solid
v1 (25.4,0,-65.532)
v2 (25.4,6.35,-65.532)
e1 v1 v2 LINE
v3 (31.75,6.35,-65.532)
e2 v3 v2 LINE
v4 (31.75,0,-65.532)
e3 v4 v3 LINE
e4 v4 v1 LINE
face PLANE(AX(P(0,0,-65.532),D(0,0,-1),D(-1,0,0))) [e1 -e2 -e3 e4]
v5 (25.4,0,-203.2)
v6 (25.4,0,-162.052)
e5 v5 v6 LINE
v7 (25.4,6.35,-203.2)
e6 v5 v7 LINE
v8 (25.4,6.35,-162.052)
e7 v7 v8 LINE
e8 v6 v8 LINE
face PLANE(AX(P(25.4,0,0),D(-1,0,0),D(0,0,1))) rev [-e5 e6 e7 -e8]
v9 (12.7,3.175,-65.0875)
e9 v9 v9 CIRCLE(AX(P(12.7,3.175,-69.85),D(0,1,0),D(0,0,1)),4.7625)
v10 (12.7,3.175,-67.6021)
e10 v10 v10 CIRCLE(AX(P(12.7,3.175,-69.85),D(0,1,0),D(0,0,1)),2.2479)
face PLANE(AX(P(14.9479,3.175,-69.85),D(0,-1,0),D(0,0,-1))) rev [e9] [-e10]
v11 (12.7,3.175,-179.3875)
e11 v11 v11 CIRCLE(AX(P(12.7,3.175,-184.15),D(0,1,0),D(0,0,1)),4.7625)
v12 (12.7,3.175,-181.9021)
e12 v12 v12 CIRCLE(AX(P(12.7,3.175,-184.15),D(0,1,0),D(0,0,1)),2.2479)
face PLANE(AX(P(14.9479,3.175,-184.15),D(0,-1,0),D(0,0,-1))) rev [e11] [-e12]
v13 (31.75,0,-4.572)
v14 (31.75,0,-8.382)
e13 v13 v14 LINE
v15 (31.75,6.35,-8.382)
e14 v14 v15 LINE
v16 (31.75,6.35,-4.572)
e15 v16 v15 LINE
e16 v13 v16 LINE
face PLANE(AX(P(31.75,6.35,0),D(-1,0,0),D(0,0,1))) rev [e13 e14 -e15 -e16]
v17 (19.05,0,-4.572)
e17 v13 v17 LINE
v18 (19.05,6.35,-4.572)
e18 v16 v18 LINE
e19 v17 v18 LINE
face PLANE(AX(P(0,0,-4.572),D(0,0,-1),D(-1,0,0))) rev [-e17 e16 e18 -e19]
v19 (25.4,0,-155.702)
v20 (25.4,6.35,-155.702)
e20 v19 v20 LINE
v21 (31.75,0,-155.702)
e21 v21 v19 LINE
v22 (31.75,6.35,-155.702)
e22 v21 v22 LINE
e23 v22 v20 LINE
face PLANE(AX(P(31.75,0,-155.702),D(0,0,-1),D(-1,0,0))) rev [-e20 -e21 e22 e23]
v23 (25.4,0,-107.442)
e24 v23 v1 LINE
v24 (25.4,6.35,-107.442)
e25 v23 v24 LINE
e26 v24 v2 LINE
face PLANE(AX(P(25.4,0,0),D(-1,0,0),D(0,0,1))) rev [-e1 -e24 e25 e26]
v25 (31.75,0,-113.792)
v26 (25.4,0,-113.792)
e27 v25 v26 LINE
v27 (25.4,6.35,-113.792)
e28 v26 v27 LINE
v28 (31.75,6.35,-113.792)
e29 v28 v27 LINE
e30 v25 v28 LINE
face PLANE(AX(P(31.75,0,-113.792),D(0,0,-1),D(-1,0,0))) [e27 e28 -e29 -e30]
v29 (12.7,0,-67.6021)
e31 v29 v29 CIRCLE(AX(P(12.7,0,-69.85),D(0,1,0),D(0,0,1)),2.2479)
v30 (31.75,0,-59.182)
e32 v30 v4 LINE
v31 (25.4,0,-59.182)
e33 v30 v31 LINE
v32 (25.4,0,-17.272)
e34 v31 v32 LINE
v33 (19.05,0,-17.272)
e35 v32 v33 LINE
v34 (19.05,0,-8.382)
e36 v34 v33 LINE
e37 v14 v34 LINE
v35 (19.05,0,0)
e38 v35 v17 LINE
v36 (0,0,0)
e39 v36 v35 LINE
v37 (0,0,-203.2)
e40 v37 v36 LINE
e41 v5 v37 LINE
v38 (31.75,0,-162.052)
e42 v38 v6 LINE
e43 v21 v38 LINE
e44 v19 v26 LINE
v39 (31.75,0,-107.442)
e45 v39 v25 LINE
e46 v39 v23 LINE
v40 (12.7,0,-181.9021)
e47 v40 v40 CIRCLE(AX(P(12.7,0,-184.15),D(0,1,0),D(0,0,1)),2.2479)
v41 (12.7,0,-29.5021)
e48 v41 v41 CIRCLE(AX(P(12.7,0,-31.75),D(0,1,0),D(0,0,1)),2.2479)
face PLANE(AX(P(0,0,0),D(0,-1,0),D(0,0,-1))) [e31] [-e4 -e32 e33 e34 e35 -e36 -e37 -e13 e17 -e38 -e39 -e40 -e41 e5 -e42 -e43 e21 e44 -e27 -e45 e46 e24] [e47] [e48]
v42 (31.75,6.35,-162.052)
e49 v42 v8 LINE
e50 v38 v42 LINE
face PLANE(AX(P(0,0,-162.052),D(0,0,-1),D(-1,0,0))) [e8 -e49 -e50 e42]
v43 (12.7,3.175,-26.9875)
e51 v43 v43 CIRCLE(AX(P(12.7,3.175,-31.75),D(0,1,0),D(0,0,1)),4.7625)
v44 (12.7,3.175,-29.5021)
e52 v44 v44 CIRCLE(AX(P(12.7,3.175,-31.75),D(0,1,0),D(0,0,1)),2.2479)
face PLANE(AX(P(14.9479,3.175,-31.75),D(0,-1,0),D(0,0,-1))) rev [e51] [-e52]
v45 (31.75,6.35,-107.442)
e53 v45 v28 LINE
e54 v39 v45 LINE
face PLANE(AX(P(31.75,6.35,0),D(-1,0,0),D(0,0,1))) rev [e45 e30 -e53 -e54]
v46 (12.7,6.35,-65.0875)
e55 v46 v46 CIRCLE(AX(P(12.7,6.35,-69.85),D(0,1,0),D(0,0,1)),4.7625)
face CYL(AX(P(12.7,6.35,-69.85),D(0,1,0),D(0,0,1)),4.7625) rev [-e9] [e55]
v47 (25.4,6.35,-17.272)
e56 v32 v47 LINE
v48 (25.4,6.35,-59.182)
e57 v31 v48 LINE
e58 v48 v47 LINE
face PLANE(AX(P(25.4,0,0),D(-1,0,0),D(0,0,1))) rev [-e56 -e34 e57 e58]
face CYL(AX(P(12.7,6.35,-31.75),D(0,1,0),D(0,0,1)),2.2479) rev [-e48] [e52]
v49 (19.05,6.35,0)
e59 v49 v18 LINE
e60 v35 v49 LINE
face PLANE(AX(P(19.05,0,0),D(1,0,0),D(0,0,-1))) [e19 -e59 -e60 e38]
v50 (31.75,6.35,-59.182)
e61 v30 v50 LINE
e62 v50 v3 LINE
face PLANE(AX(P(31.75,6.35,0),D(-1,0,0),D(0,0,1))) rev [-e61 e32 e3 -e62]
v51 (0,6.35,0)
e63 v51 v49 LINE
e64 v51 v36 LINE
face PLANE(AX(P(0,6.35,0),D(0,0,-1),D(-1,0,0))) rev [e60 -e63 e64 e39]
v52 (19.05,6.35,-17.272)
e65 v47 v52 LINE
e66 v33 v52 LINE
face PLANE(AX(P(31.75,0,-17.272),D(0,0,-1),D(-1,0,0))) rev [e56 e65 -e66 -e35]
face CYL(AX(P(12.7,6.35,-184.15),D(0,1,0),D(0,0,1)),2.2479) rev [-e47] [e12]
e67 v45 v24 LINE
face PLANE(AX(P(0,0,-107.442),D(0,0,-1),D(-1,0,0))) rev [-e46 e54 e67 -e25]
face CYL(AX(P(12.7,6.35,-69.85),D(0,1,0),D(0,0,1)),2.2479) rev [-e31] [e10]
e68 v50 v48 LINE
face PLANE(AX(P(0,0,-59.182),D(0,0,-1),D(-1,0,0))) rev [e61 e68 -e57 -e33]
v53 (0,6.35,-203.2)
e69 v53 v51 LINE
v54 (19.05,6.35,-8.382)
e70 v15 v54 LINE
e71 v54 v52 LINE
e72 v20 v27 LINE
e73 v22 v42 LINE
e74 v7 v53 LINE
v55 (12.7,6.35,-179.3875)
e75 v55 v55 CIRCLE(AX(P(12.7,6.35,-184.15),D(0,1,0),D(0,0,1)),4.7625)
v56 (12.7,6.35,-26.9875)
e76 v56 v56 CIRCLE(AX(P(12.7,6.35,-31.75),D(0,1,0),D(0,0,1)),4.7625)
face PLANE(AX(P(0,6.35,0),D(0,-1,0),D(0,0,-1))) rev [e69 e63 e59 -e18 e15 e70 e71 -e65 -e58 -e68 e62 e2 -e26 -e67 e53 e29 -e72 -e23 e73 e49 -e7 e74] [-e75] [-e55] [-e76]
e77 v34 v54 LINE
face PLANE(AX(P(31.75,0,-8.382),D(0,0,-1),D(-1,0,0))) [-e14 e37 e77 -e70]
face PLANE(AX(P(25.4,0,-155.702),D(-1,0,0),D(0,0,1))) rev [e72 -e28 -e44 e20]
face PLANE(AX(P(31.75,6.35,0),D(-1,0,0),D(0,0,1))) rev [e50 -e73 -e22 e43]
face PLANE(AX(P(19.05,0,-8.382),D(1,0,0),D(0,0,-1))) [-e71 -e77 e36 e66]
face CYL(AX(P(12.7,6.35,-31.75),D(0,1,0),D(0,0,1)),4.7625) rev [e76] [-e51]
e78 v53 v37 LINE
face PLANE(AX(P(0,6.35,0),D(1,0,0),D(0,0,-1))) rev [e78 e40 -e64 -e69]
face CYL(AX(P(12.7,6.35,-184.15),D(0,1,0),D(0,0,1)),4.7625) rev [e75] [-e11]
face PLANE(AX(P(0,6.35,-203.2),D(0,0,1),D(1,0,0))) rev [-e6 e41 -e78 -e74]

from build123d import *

# Parameters (mm, degrees)
SKETCH1_W                                           = 31.75
SKETCH1_H                                           = 203.2
BOSS_EXTRUDE1_DEPTH                                 = 6.35
SKETCH2_W                                           = 6.35
SKETCH2_H                                           = 41.148
SKETCH2_H_2                                         = 41.91
SKETCH2_W_2                                         = 12.7
SKETCH2_H_3                                         = 4.572
CUT_EXTRUDE1_DEPTH                                  = 7.35
CBORE_FOR_8_BINDING_HEAD_MACHINE_SCREW1_D           = 4.4958
CBORE_FOR_8_BINDING_HEAD_MACHINE_SCREW1_CBORE_D     = 9.525
CBORE_FOR_8_BINDING_HEAD_MACHINE_SCREW1_CBORE_DEPTH = 3.175


with BuildPart() as part:
    # Sketch1 → Boss-Extrude1 (new body)
    with BuildSketch(Plane(origin=(0, 0, 0), x_dir=(1, 0, 0), z_dir=(0, 1, 0))):
        with Locations((15.875, 101.6)):
            Rectangle(SKETCH1_W, SKETCH1_H)
    extrude(amount=BOSS_EXTRUDE1_DEPTH)

    # Sketch2 → Cut-Extrude1 (cut, through all)
    with BuildSketch(Plane(origin=(0, 6.35, 0), x_dir=(1, 0, 0), z_dir=(0, 1, 0))):
        with Locations((28.575, 182.626)):
            Rectangle(SKETCH2_W, SKETCH2_H)
        with Locations((28.575, 134.747)):
            Rectangle(SKETCH2_W, SKETCH2_H_2)
        Polygon((31.75, 59.182), (25.4, 59.182), (25.4, 17.272), (19.05, 17.272), (19.05, 8.382), (31.75, 8.382), align=None)
        with Locations((28.575, 86.487)):
            Rectangle(SKETCH2_W, SKETCH2_H_2)
        with Locations((25.4, 2.286)):
            Rectangle(SKETCH2_W_2, SKETCH2_H_3)
    extrude(amount=-CUT_EXTRUDE1_DEPTH, mode=Mode.SUBTRACT)

    # CBORE for #8 Binding Head Machine Screw1 (through all)
    with Locations(Plane(origin=(0, 6.35, 0), x_dir=(1, 0, 0), z_dir=(0, 1, 0))):
        with Locations((12.7, 31.75), (12.7, 69.85), (12.7, 184.15)):
            CounterBoreHole(CBORE_FOR_8_BINDING_HEAD_MACHINE_SCREW1_D / 2, CBORE_FOR_8_BINDING_HEAD_MACHINE_SCREW1_CBORE_D / 2, CBORE_FOR_8_BINDING_HEAD_MACHINE_SCREW1_CBORE_DEPTH)


solid = part.part
